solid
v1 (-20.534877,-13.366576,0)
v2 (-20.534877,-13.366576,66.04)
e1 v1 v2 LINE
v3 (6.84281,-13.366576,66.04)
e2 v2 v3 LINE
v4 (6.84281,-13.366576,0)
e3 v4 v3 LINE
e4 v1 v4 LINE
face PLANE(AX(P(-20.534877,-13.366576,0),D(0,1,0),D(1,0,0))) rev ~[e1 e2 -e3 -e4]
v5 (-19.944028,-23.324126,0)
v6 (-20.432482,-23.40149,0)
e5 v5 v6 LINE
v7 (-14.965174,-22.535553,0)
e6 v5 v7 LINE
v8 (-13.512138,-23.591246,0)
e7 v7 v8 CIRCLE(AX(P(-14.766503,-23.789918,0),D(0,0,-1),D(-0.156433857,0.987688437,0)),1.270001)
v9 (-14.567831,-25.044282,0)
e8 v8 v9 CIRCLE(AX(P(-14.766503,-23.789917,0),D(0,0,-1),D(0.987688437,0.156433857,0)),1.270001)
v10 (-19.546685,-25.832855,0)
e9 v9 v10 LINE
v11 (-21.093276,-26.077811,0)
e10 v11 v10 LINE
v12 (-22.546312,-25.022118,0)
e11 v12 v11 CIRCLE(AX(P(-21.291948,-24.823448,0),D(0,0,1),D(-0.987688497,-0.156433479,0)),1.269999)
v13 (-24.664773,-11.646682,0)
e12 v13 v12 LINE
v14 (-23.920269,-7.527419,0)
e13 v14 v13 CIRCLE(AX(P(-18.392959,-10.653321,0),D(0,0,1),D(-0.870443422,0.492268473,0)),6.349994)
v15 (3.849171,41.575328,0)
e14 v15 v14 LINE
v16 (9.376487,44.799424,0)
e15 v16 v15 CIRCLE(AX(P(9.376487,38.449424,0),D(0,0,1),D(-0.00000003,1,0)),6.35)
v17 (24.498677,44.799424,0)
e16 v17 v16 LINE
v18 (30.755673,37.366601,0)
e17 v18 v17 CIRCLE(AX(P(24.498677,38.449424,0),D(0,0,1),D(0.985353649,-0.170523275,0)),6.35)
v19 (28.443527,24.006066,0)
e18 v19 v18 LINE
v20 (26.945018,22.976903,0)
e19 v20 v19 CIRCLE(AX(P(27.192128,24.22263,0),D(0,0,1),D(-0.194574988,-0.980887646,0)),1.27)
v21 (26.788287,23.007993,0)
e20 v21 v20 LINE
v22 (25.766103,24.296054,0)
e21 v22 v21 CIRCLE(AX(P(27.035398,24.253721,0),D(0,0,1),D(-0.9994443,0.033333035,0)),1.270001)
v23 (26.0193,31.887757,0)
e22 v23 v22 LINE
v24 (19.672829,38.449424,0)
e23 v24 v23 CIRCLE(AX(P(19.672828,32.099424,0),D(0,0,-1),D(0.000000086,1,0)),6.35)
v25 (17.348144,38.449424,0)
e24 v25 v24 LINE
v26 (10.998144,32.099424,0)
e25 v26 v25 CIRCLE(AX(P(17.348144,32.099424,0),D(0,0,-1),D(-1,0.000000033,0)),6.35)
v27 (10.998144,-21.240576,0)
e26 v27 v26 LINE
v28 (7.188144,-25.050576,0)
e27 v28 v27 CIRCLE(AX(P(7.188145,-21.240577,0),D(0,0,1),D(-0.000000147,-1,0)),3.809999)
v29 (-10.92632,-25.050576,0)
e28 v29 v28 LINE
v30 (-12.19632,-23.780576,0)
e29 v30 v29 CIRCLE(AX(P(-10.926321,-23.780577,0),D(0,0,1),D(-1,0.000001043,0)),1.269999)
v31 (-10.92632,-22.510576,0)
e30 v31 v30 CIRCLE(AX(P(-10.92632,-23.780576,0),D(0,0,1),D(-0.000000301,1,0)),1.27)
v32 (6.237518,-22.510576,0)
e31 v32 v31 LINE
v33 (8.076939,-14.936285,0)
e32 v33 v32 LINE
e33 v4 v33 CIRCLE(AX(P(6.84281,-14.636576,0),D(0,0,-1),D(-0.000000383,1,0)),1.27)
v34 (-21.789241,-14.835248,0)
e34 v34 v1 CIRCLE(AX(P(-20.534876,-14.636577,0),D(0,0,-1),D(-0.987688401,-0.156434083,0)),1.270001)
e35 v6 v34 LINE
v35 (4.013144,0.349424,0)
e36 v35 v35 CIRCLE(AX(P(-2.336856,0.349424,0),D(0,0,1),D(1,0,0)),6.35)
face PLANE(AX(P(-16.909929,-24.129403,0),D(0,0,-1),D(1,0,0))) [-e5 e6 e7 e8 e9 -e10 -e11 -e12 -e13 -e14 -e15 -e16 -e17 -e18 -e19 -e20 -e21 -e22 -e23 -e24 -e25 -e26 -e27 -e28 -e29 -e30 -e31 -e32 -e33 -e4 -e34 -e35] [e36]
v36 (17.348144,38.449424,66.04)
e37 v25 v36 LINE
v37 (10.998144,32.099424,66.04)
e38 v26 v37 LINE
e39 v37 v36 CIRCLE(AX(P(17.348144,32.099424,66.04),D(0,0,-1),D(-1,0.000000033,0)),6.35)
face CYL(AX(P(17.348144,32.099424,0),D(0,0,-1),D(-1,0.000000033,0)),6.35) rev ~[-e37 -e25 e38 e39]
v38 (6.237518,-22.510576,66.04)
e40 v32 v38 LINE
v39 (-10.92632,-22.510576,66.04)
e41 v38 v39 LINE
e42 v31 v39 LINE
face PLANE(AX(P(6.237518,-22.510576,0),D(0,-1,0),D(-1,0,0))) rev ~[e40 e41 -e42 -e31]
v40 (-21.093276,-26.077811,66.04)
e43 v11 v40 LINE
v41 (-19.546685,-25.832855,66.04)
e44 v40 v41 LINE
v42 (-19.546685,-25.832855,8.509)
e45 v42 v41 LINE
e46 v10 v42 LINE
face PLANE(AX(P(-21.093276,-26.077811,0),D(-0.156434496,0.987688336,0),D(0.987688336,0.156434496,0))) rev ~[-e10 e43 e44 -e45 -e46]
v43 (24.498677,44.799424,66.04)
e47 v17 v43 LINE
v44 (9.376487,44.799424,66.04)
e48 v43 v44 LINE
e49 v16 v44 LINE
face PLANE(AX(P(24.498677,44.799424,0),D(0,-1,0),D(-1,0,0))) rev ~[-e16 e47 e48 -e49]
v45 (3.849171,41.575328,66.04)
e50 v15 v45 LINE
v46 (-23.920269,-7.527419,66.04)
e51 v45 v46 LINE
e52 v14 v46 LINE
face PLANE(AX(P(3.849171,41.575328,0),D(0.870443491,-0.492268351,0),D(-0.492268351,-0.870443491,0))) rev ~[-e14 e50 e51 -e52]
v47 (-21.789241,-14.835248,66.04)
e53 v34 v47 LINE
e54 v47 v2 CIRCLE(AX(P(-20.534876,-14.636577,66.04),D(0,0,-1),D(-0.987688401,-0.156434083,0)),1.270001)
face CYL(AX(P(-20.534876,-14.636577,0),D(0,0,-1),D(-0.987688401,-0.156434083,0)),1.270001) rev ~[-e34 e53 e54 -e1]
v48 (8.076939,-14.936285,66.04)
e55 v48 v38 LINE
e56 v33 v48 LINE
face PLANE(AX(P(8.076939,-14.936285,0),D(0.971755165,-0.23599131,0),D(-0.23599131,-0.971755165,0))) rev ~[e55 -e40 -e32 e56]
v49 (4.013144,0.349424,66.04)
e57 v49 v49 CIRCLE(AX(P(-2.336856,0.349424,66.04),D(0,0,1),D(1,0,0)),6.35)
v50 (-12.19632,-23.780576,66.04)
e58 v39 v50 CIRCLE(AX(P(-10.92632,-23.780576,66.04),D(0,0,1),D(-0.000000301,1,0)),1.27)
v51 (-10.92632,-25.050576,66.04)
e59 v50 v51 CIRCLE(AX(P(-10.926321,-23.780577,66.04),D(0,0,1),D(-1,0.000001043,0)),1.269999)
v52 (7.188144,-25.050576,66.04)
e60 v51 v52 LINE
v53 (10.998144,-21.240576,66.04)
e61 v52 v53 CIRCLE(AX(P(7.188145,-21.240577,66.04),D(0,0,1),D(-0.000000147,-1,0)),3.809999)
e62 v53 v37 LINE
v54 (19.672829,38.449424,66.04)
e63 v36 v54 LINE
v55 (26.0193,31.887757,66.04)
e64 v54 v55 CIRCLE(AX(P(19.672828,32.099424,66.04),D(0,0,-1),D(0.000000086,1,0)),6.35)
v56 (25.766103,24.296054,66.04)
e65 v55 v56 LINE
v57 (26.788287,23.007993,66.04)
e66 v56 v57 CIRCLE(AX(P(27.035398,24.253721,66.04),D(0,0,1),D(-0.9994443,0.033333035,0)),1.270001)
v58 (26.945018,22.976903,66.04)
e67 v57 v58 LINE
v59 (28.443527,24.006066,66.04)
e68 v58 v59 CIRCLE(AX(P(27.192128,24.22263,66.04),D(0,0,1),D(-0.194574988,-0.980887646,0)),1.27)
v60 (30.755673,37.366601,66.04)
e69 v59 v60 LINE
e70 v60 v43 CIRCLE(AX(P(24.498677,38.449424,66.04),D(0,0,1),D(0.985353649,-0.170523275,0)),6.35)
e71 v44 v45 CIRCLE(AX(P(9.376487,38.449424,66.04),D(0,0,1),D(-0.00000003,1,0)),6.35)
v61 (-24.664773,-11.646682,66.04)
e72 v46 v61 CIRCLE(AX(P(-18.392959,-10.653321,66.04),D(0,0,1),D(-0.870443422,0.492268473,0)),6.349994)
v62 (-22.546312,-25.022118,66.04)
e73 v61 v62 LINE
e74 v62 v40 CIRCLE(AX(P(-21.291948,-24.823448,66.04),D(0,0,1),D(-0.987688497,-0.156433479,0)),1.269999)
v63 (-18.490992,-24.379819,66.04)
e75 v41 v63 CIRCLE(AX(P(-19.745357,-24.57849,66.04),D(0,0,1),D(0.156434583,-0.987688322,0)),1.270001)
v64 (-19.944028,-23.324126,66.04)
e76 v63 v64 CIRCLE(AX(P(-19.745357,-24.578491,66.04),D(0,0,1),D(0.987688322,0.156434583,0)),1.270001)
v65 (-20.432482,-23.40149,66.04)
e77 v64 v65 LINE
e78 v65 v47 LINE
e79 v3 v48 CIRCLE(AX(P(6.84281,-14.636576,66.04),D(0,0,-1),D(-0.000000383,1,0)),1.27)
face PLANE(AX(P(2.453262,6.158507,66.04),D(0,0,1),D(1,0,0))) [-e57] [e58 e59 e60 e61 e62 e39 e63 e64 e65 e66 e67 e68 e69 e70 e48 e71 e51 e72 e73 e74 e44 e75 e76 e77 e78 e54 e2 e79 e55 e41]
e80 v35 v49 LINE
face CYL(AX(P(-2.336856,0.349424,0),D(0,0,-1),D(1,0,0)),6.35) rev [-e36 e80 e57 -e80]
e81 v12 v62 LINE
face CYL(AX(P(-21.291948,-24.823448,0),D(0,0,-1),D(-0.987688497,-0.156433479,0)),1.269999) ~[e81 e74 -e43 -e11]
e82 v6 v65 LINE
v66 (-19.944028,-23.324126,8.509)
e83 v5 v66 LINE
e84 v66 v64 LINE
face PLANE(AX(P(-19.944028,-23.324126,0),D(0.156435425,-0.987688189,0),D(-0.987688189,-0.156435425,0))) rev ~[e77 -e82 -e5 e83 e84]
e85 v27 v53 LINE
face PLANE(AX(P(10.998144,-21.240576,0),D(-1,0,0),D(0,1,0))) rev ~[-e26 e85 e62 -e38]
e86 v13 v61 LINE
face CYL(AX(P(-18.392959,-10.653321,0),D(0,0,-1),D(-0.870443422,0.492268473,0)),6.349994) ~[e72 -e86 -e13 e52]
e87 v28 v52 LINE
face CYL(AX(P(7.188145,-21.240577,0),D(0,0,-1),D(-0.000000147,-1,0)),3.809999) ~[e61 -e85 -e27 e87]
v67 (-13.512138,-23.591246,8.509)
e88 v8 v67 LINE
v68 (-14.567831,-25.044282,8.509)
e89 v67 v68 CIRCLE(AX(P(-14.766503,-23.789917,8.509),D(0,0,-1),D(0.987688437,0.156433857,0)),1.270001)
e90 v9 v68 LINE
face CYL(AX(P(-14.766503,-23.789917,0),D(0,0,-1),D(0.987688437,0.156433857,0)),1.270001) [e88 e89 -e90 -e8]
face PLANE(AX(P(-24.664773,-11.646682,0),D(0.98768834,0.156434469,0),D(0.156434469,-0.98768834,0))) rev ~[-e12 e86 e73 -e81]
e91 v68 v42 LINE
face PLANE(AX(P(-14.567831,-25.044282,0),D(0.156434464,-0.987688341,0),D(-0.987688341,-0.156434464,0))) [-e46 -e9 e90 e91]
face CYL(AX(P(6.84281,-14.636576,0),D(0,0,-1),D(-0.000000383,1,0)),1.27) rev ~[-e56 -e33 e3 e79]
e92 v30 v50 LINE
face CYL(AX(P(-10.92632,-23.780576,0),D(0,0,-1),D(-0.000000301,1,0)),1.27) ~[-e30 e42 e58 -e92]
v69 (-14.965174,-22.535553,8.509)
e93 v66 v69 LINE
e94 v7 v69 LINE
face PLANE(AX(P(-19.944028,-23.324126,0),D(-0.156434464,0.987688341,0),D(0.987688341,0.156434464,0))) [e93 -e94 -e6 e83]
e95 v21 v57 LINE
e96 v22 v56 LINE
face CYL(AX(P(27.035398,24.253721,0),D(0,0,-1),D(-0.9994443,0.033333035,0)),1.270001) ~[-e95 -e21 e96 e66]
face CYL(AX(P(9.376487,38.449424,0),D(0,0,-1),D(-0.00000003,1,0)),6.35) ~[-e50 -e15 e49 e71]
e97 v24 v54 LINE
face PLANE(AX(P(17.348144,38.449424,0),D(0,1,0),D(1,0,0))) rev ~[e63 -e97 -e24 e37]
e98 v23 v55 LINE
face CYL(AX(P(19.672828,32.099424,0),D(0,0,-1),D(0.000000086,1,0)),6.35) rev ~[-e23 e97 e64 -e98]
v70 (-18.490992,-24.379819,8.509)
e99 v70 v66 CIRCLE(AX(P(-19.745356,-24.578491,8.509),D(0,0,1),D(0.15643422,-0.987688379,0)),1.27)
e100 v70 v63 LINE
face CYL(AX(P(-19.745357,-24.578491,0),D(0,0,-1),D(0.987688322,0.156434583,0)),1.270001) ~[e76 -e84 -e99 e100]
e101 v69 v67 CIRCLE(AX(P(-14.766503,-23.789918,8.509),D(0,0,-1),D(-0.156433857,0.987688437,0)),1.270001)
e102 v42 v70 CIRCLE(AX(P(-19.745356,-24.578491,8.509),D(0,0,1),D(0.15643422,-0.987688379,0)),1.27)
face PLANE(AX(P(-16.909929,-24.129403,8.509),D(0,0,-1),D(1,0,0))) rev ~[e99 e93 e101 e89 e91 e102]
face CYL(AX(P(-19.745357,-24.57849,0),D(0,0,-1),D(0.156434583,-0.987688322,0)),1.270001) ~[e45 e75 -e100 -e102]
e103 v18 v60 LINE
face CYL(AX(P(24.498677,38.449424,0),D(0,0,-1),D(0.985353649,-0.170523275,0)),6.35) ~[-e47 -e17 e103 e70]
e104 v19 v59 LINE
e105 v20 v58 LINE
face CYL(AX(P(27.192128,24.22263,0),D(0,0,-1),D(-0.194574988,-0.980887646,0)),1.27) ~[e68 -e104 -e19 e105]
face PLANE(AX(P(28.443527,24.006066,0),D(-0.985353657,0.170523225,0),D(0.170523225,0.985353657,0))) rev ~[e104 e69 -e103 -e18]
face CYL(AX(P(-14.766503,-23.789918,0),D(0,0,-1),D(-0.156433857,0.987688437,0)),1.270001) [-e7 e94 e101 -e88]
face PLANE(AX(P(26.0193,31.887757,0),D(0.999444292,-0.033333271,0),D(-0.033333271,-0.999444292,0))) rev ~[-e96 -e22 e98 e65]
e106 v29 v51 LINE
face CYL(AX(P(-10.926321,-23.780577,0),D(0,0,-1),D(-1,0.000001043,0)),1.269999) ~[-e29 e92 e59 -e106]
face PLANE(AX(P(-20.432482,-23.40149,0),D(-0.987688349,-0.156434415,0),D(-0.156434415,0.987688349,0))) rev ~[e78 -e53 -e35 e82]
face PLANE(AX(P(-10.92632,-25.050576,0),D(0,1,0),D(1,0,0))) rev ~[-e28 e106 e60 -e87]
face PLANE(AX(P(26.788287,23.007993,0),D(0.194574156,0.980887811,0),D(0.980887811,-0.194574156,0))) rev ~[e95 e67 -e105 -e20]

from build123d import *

# Parameters (mm, degrees)
F0_R     = 6.35
F1_DEPTH = 66.04
F3_DEPTH = 8.509


with BuildPart() as f1:
    # F0 (on Top) → F1 (new body)
    with BuildSketch(Plane.XY):
        with BuildLine():
            ThreePointArc((-22.546312, -25.022118), (-22.038436, -25.850898), (-21.093276, -26.077811))
            Line((-21.093276, -26.077811), (-19.546685, -25.832855))
            ThreePointArc((-19.546685, -25.832855), (-18.717905, -25.324978), (-18.490992, -24.379819))
            ThreePointArc((-18.490992, -24.379819), (-18.998869, -23.551039), (-19.944028, -23.324126))
            Line((-19.944028, -23.324126), (-20.432482, -23.40149))
            Line((-20.432482, -23.40149), (-21.789241, -14.835248))
            ThreePointArc((-21.789241, -14.835248), (-21.500592, -13.811777), (-20.534877, -13.366576))
            Line((-20.534877, -13.366576), (6.84281, -13.366576))
            ThreePointArc((6.84281, -13.366576), (7.841192, -13.851634), (8.076939, -14.936285))
            Line((8.076939, -14.936285), (6.237518, -22.510576))
            Line((6.237518, -22.510576), (-10.92632, -22.510576))
            ThreePointArc((-10.92632, -22.510576), (-11.824346, -22.882551), (-12.19632, -23.780576))
            ThreePointArc((-12.19632, -23.780576), (-11.824346, -24.678602), (-10.92632, -25.050576))
            Line((-10.92632, -25.050576), (7.188144, -25.050576))
            ThreePointArc((7.188144, -25.050576), (9.882221, -23.934653), (10.998144, -21.240576))
            Line((10.998144, -21.240576), (10.998144, 32.099424))
            ThreePointArc((10.998144, 32.099424), (12.858016, 36.589552), (17.348144, 38.449424))
            Line((17.348144, 38.449424), (19.672829, 38.449424))
            ThreePointArc((19.672829, 38.449424), (24.237179, 36.514082), (26.0193, 31.887757))
            Line((26.0193, 31.887757), (25.766103, 24.296054))
            ThreePointArc((25.766103, 24.296054), (26.040588, 23.464256), (26.788287, 23.007993))
            Line((26.788287, 23.007993), (26.945018, 22.976903))
            ThreePointArc((26.945018, 22.976903), (27.911116, 23.175751), (28.443527, 24.006066))
            Line((28.443527, 24.006066), (30.755673, 37.366601))
            ThreePointArc((30.755673, 37.366601), (29.356579, 42.538836), (24.498677, 44.799424))
            Line((24.498677, 44.799424), (9.376487, 44.799424))
            ThreePointArc((9.376487, 44.799424), (6.177033, 43.934494), (3.849171, 41.575328))
            Line((3.849171, 41.575328), (-23.920269, -7.527419))
            ThreePointArc((-23.920269, -7.527419), (-24.641712, -9.523939), (-24.664773, -11.646682))
            Line((-24.664773, -11.646682), (-22.546312, -25.022118))
        make_face()
        with Locations((-2.336856, 0.349424)):
            Circle(F0_R, mode=Mode.SUBTRACT)
    extrude(amount=F1_DEPTH)

    # F2 (on face) → F3 (join)
    with BuildSketch(Plane(origin=(0, 0, 0), x_dir=(1, 0, 0), z_dir=(0, 0, -1))):
        with BuildLine():
            ThreePointArc((-19.546685, 25.832855), (-18.490992, 24.379819), (-19.944028, 23.324126))
            Line((-19.944028, 23.324126), (-14.965174, 22.535553))
            ThreePointArc((-14.965174, 22.535553), (-14.020015, 22.762466), (-13.512138, 23.591246))
            ThreePointArc((-13.512138, 23.591246), (-13.739051, 24.536405), (-14.567831, 25.044282))
            Line((-14.567831, 25.044282), (-19.546685, 25.832855))
        make_face()
    extrude(amount=-F3_DEPTH)


solid = f1.part
